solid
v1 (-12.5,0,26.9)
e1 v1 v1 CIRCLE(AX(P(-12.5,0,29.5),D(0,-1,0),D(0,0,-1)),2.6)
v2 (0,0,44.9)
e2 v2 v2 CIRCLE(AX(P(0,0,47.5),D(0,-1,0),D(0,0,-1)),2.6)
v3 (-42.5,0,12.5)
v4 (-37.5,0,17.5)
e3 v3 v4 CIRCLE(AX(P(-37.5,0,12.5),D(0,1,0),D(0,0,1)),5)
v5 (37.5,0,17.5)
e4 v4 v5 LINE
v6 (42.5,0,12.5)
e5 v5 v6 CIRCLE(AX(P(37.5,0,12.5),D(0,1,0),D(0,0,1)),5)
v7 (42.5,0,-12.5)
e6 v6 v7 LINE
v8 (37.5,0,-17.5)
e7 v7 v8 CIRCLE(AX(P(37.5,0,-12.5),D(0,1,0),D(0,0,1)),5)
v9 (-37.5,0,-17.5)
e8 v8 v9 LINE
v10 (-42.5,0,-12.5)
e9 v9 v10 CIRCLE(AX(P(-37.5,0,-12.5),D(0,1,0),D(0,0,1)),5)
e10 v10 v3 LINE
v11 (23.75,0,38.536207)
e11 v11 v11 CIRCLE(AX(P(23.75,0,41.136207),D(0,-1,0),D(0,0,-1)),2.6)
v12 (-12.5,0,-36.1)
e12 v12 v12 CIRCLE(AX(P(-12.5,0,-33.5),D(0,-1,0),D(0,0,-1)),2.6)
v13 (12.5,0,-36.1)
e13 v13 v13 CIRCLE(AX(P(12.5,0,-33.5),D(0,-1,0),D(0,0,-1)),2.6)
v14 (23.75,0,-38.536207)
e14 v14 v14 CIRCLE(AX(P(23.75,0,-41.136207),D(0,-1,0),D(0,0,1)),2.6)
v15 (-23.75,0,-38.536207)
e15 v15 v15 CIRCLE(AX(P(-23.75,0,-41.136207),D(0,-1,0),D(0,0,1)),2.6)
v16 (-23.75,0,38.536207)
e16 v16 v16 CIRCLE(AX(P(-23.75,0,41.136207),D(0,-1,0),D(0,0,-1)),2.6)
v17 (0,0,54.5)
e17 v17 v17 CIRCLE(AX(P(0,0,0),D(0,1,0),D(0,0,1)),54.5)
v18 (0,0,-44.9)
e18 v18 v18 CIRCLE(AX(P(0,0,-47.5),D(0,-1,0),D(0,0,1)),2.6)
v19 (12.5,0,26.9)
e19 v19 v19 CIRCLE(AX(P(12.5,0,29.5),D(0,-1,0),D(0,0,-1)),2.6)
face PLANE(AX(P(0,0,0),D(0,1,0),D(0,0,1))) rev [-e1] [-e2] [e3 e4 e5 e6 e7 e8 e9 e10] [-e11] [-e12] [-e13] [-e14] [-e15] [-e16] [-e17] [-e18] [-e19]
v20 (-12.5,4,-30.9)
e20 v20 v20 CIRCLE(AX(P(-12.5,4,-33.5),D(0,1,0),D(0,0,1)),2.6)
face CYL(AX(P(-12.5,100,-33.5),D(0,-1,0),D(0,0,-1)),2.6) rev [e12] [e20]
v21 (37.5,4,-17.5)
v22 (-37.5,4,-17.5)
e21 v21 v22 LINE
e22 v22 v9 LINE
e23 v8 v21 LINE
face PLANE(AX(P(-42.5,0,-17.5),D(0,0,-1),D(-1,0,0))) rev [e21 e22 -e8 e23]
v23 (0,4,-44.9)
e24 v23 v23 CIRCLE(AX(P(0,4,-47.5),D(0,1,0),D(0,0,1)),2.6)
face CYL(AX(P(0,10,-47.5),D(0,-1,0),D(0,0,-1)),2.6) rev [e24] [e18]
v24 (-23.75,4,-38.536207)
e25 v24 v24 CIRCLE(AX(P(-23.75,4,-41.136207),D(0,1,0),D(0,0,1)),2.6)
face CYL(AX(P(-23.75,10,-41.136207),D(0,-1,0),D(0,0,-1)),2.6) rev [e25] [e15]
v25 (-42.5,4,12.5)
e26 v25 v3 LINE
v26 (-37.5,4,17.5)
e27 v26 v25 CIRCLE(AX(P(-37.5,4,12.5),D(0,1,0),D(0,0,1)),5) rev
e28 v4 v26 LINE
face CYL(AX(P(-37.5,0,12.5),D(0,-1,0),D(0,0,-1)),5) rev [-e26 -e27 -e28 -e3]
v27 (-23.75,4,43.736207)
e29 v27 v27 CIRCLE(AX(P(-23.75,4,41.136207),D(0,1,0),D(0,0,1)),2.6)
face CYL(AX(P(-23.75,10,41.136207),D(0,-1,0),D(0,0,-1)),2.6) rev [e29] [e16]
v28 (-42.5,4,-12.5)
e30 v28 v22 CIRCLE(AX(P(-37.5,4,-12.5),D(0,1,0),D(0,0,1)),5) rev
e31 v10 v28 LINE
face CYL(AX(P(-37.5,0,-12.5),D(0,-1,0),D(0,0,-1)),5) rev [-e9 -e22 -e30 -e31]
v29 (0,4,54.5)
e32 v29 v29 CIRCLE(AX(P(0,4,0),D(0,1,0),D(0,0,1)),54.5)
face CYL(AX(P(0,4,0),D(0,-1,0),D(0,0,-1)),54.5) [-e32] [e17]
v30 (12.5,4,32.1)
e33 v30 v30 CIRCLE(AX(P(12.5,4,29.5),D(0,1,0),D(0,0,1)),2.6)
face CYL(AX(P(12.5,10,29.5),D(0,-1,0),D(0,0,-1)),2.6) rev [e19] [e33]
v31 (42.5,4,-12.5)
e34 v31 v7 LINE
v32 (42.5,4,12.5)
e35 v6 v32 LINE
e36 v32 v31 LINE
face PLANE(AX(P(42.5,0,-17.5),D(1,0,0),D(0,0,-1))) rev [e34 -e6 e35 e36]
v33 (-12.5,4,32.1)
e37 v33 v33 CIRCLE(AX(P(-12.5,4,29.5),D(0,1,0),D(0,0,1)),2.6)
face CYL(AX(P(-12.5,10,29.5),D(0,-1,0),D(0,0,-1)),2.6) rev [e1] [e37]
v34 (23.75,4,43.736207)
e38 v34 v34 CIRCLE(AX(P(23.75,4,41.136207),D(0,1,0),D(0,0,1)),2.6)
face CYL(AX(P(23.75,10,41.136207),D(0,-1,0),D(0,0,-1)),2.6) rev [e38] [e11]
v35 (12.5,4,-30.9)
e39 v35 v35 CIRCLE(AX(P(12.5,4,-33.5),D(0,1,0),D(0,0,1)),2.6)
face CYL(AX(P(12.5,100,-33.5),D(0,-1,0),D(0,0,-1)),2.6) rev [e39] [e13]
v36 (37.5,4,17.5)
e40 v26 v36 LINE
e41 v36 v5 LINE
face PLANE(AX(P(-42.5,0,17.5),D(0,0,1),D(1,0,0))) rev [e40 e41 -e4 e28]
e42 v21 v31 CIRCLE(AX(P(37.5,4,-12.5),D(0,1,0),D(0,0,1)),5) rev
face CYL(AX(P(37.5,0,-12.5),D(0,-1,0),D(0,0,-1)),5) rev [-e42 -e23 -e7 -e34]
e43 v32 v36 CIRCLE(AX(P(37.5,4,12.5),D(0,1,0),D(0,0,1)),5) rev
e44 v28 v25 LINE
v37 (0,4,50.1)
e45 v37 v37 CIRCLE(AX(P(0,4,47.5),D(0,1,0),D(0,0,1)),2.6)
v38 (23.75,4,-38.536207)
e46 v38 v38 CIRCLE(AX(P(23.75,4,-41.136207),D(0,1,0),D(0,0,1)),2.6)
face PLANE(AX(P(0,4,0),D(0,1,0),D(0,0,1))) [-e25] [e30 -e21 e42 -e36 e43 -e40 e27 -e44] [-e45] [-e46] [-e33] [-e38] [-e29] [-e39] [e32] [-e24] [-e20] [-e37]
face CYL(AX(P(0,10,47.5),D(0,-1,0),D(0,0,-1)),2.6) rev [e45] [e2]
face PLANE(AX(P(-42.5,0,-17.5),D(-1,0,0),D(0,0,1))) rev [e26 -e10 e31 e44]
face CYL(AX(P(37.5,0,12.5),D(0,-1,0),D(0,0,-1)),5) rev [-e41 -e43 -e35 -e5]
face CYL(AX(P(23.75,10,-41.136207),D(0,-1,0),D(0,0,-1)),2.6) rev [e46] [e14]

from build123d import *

# Parameters (mm, degrees)
SKETCH_1_R               = 54.5
EXTRUDE_1_DEPTH          = 4
SKETCH_2_W               = 85
SKETCH_2_H               = 35
CUT_EXTRUDE_1_DEPTH      = 4
FILLET_1_R               = 5
SKETCH_3_R               = 2.6
CUT_EXTRUDE_2_DEPTH      = 10
PATTERN_CIRCULAR_1_COUNT = 2
SKETCH_4_R               = 2.6
CUT_EXTRUDE_3_DEPTH      = 10
SKETCH_5_R               = 2.6
CUT_EXTRUDE_4_DEPTH      = 100


with BuildPart() as part:
    # 草图1 → 凸台-拉伸1 (new body)
    with BuildSketch(Plane(origin=(0, 0, 0), x_dir=(1, 0, 0), z_dir=(0, 1, 0))):
        with Locations(Location((0, 0, 0), (0, 0, 270))):
            Circle(SKETCH_1_R)
    extrude(amount=EXTRUDE_1_DEPTH)

    # 草图2 → 切除-拉伸1 (cut)
    with BuildSketch(Plane(origin=(0, 4, 0), x_dir=(1, 0, 0), z_dir=(0, 1, 0))):
        Rectangle(SKETCH_2_W, SKETCH_2_H)
    extrude(amount=-CUT_EXTRUDE_1_DEPTH, mode=Mode.SUBTRACT)

    # 圆角1
    fillet_1_edges = [part.edges().sort_by_distance(p)[0] for p in [
        (42.5, 2, -17.5),
        (42.5, 2, 17.5),
        (-42.5, 2, 17.5),
        (-42.5, 2, -17.5),
    ]]
    fillet(fillet_1_edges, radius=FILLET_1_R)

    # 草图3 → 切除-拉伸2 (cut)
    with BuildSketch(Plane.XZ):
        with Locations(Location((-23.75, 41.13620668, 0), (0, 0, 270))):
            Circle(SKETCH_3_R)
        with Locations(Location((23.75, 41.13620668, 0), (0, 0, 270))):
            Circle(SKETCH_3_R)
        with Locations(Location((0, 47.5, 0), (0, 0, 270))):
            Circle(SKETCH_3_R)
    cut_extrude_2 = extrude(amount=-CUT_EXTRUDE_2_DEPTH, mode=Mode.SUBTRACT)

    # 阵列(圆周)1: 切除-拉伸2 ×2 about axis
    pattern_circular_1_axis = Axis((0, 0, 0), (0, 1, 0))
    for i in range(1, PATTERN_CIRCULAR_1_COUNT):
        add(cut_extrude_2.rotate(pattern_circular_1_axis, i * 360 / PATTERN_CIRCULAR_1_COUNT), mode=Mode.SUBTRACT)

    # 草图4 → 切除-拉伸3 (cut)
    with BuildSketch(Plane.XZ):
        with Locations(Location((-12.5, 29.5, 0), (0, 0, 270))):
            Circle(SKETCH_4_R)
        with Locations(Location((12.5, 29.5, 0), (0, 0, 270))):
            Circle(SKETCH_4_R)
    extrude(amount=-CUT_EXTRUDE_3_DEPTH, mode=Mode.SUBTRACT)

    # 草图5 → 切除-拉伸4 (cut)
    with BuildSketch(Plane.XZ):
        with Locations(Location((-12.5, -33.5, 0), (0, 0, 270))):
            Circle(SKETCH_5_R)
        with Locations(Location((12.5, -33.5, 0), (0, 0, 270))):
            Circle(SKETCH_5_R)
    extrude(amount=-CUT_EXTRUDE_4_DEPTH, mode=Mode.SUBTRACT)


solid = part.part
